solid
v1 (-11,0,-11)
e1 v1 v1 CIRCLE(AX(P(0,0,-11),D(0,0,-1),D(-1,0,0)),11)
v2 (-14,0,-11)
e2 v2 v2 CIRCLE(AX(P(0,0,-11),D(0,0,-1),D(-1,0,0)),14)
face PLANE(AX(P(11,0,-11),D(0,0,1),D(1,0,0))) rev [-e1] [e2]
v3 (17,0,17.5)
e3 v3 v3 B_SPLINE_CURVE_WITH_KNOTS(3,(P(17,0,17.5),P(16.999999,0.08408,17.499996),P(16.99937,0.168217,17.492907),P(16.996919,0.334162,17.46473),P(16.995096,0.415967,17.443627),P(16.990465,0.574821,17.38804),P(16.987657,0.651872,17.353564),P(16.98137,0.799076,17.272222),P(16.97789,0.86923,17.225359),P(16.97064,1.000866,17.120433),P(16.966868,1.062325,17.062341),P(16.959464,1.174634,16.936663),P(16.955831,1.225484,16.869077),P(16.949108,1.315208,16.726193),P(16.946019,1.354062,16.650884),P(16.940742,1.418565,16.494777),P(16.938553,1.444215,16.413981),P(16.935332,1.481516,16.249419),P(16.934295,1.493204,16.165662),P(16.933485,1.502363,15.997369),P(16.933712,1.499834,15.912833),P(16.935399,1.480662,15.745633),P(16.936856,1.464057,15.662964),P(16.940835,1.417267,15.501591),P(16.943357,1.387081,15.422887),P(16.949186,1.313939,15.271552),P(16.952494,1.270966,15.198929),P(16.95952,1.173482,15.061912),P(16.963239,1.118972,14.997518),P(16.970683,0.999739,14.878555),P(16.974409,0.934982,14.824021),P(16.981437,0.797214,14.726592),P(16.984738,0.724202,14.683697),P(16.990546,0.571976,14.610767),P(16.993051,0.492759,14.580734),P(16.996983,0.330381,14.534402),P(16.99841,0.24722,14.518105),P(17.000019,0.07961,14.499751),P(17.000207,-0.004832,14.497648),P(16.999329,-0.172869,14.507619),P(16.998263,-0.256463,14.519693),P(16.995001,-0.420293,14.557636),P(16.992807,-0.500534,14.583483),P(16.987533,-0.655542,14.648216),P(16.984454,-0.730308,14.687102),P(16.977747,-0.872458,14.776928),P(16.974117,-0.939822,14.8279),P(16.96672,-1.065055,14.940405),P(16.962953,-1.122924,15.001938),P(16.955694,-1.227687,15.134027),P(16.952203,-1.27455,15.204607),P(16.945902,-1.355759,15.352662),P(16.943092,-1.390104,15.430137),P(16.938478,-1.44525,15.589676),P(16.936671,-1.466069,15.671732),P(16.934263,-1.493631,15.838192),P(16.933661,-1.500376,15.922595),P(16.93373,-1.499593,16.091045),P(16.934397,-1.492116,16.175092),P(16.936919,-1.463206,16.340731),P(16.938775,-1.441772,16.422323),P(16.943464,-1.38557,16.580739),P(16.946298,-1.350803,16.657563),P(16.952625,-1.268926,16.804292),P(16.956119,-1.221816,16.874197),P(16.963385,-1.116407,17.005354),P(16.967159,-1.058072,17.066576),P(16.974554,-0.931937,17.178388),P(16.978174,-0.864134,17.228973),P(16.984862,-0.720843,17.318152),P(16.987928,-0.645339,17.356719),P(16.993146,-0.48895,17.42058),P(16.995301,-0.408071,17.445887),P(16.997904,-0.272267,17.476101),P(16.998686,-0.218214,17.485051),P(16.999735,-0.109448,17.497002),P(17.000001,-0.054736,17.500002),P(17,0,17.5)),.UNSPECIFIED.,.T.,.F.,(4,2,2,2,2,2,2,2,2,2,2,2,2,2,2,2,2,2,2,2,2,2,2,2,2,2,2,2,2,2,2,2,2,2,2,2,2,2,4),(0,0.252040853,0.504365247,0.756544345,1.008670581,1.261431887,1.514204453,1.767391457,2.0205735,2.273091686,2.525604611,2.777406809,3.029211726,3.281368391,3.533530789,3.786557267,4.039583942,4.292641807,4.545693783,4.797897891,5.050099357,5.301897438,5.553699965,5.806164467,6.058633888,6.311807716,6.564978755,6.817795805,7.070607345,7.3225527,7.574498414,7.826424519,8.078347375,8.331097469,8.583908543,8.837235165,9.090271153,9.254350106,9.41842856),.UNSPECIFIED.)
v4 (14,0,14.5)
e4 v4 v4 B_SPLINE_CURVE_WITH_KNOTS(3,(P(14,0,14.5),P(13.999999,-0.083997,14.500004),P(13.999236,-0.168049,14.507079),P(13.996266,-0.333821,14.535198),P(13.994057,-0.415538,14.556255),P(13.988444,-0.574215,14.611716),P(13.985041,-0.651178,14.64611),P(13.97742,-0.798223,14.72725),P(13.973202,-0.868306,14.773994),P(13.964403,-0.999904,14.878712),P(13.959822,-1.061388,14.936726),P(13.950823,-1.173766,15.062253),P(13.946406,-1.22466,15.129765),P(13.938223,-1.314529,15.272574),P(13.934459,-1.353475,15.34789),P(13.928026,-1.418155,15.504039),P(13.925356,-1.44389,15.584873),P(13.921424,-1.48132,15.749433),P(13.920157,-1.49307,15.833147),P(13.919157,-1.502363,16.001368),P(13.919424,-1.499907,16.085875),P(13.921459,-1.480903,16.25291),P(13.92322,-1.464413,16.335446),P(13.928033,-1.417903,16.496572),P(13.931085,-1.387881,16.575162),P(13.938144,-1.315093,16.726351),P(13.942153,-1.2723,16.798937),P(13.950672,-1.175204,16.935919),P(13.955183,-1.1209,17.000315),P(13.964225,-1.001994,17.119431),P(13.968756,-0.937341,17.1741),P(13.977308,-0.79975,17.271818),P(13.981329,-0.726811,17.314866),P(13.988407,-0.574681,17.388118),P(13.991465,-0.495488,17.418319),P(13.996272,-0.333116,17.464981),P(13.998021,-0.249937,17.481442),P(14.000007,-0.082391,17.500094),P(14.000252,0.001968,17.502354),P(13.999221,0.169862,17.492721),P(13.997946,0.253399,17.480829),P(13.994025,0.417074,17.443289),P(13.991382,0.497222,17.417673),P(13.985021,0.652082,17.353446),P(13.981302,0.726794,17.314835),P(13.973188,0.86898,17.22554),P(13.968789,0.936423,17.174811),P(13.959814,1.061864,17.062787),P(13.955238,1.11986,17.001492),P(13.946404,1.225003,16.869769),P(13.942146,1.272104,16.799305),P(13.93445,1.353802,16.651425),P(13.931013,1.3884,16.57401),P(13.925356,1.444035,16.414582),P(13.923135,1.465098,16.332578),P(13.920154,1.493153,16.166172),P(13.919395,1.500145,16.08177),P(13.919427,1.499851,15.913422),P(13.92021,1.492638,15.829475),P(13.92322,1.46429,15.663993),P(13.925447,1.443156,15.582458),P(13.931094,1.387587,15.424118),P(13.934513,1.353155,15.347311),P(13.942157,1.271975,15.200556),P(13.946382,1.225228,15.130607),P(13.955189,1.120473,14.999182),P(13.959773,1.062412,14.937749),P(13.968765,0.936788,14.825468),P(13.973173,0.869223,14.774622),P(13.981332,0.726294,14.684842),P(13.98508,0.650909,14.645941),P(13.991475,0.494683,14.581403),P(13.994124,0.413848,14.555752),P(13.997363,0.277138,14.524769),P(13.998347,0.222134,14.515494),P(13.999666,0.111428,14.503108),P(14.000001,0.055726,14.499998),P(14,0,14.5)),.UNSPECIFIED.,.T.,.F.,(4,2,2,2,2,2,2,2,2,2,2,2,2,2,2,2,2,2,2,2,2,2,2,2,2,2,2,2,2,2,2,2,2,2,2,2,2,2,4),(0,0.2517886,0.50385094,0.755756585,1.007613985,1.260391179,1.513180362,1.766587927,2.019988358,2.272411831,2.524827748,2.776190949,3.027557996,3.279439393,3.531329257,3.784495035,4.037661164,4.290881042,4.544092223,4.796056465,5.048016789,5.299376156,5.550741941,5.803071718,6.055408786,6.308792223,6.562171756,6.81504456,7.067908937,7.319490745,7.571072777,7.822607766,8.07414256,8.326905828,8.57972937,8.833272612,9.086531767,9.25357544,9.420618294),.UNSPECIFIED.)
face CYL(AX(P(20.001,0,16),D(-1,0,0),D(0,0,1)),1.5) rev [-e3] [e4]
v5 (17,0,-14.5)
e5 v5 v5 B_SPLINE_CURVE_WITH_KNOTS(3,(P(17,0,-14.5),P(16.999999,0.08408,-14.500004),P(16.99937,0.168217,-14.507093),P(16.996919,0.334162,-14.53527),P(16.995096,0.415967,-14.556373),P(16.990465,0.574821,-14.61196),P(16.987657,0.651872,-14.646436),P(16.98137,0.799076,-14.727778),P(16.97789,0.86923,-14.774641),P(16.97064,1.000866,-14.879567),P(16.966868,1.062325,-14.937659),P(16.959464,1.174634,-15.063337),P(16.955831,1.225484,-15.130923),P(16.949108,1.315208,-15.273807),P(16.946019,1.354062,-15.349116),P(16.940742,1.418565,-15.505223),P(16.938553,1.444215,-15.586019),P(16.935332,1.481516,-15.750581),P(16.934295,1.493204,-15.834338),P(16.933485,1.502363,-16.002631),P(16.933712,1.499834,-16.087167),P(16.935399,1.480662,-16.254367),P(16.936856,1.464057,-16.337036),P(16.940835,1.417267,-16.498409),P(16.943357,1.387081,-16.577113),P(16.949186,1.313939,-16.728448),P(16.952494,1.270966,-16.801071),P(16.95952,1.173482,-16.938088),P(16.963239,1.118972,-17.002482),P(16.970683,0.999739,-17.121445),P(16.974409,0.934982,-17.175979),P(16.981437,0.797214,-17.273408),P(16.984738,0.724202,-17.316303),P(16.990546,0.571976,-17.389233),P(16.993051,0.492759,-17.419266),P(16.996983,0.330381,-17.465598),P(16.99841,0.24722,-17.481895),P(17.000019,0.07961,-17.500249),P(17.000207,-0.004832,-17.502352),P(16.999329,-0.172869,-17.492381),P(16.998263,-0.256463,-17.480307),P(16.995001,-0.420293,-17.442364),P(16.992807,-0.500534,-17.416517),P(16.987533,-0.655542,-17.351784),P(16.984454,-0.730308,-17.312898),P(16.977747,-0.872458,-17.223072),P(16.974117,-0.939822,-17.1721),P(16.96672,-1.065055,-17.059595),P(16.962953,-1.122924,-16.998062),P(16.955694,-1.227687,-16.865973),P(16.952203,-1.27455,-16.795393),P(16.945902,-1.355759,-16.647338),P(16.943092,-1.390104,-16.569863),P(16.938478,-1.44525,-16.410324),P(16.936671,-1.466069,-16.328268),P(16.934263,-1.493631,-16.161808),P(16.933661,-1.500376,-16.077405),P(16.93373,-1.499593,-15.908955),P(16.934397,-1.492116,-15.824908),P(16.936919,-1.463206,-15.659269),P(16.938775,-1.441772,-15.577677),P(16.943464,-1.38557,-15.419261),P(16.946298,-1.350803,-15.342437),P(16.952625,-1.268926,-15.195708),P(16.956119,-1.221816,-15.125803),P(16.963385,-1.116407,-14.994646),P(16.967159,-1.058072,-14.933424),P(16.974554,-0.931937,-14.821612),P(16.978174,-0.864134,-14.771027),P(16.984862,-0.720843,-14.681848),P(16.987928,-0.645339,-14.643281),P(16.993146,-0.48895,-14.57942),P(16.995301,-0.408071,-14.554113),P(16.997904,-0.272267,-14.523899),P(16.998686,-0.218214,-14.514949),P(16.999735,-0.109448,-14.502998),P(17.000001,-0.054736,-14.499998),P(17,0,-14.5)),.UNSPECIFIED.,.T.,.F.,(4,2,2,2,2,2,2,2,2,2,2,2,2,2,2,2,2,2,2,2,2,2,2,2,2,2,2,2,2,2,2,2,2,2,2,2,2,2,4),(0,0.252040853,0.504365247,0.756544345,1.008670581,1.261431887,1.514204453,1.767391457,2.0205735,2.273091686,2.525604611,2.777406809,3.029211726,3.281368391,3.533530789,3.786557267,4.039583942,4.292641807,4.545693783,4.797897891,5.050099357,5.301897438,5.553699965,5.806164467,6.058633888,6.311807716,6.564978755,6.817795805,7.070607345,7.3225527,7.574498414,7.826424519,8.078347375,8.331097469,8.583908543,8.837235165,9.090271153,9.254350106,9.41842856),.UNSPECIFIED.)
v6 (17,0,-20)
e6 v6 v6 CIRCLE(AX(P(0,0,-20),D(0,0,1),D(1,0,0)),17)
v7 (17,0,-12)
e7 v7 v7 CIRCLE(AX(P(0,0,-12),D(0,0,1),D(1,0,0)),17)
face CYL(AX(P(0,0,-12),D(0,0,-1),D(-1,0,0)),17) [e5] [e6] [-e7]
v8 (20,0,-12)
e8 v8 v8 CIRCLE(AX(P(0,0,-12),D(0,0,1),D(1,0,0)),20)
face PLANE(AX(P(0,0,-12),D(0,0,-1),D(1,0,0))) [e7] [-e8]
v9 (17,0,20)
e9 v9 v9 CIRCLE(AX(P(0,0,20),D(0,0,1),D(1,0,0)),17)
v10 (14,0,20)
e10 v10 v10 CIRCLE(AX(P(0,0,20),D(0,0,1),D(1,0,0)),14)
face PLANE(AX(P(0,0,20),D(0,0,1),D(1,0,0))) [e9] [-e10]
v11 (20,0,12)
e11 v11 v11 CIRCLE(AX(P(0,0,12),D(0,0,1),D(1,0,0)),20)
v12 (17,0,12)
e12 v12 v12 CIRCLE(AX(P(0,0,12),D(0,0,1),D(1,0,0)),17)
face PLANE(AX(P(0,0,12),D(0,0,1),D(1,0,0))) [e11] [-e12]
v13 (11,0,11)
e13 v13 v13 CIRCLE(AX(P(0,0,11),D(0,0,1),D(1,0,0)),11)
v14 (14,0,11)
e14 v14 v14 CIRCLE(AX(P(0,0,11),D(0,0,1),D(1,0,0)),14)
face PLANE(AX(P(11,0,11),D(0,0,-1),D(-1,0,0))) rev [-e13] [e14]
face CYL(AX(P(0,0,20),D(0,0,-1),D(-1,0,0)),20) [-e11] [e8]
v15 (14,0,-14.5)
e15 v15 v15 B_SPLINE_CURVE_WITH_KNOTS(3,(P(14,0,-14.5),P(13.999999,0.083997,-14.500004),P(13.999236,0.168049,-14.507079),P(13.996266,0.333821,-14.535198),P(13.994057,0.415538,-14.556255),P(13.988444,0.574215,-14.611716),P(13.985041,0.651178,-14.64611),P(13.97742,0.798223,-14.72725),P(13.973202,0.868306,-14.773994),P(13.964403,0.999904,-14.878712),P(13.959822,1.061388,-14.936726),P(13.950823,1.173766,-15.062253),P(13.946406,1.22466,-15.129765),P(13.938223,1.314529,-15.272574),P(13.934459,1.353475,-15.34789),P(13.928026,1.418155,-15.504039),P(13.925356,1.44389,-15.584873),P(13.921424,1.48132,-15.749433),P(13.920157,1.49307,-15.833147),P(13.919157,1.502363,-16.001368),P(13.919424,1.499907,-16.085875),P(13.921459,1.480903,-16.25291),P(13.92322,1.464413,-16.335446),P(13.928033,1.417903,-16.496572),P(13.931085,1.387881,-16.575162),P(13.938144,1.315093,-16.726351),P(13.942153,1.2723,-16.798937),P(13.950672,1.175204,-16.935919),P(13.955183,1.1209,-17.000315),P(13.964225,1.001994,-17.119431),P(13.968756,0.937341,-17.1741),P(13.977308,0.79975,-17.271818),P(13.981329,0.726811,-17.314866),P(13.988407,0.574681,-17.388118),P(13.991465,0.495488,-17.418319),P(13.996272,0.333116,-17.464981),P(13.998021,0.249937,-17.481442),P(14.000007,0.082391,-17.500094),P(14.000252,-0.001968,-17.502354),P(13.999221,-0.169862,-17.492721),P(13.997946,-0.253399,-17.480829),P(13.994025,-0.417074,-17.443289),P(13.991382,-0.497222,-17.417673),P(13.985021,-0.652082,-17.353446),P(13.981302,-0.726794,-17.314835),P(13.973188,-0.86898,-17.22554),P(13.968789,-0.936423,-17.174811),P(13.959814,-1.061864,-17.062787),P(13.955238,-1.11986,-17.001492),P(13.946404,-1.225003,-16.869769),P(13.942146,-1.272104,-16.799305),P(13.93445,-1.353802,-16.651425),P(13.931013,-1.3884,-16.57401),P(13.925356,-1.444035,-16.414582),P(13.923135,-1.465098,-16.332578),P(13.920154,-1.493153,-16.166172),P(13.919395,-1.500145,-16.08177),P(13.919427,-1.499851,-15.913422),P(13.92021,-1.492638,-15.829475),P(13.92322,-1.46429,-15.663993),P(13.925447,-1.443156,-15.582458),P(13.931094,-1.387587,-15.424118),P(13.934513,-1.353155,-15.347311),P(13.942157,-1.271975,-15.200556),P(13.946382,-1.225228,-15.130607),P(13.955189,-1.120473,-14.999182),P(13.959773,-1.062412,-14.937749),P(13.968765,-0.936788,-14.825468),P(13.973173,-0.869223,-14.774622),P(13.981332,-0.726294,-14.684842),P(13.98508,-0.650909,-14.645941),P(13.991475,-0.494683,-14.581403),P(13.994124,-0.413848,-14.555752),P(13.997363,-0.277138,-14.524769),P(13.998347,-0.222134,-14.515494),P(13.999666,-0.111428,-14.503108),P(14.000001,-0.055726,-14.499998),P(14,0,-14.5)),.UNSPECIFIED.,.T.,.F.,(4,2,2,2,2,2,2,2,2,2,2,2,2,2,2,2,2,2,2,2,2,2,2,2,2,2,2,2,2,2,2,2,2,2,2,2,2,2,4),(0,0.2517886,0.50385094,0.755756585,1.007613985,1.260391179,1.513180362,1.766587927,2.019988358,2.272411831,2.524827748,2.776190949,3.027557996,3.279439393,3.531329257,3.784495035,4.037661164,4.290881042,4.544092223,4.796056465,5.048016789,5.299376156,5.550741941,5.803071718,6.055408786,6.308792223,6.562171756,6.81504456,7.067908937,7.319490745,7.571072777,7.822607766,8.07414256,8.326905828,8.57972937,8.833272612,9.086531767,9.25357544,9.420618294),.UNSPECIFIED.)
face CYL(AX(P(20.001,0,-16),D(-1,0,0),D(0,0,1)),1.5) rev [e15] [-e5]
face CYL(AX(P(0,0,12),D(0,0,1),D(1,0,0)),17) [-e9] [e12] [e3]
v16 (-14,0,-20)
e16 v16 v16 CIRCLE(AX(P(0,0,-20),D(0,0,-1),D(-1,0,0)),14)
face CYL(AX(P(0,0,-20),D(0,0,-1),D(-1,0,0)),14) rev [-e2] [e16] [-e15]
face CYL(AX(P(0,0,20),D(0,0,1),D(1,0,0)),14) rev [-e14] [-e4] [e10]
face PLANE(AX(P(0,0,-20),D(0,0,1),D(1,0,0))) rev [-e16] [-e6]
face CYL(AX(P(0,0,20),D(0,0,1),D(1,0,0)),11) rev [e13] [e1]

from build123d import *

# Parameters (mm, degrees)
SKETCH1_R               = 20
BOSS_EXTRUDE1_DEPTH     = 20
SKETCH4_R               = 20
SKETCH4_R_2             = 17
CUT_EXTRUDE1_DEPTH      = 8
CUT_EXTRUDE2_REACH      = 36.641
CUT_EXTRUDE2_END_RADIUS = 17
SKETCH5_R               = 1.5


with BuildPart() as part:
    # Sketch1 → Boss-Extrude1 (new, symmetric)
    with BuildSketch(Plane.XY):
        Circle(SKETCH1_R)
    extrude(amount=BOSS_EXTRUDE1_DEPTH, both=True)

    # Sketch3 → Hole1 (revolve, cut)
    with BuildSketch(Plane(origin=(0, 0, 20), x_dir=(0, -1, 0), z_dir=(1, 0, 0))):
        Polygon((0, 0), (0, 46.609466809), (11, 40), (11, 9), (14, 9), (14, 0), align=None)
    hole1 = revolve(axis=Axis((0, 0, 31.310875039), (0, 0, -1)), mode=Mode.SUBTRACT)

    # Sketch4 → Cut-Extrude1 (cut)
    with BuildSketch(Plane.XY.offset(20)):
        Circle(SKETCH4_R)
        Circle(SKETCH4_R_2, mode=Mode.SUBTRACT)
    cut_extrude1 = extrude(amount=-CUT_EXTRUDE1_DEPTH, mode=Mode.SUBTRACT)

    # Mirror2: Hole1, Cut-Extrude1 across plane
    add(hole1.mirror(Plane.XY), mode=Mode.SUBTRACT)
    add(cut_extrude1.mirror(Plane.XY), mode=Mode.SUBTRACT)

    # Cut-Extrude2: up to this cylinder (the profile starts inside it)
    cut_extrude2_end = Plane(origin=(0, 0, 0), z_dir=(0, 0, 1)) * Cylinder(CUT_EXTRUDE2_END_RADIUS, 140.282, mode=Mode.PRIVATE)
    # Sketch5 → Cut-Extrude2 (cut, up to the surface)
    with BuildSketch(Plane(origin=(0, 0, 0), x_dir=(0, 0, -1), z_dir=(1, 0, 0)), mode=Mode.PRIVATE) as cut_extrude2_sk1:
        with Locations(Location((-16, 0, 0), (0, 0, 180))):
            Circle(SKETCH5_R)
    cut_extrude2_tool1 = extrude(cut_extrude2_sk1.sketch, amount=CUT_EXTRUDE2_REACH, mode=Mode.PRIVATE) & cut_extrude2_end
    add(cut_extrude2_tool1.solids().sort_by_distance((0, 0, 16))[0], mode=Mode.SUBTRACT)
    # Sketch5 → Cut-Extrude2 (cut, up to the surface)
    with BuildSketch(Plane(origin=(0, 0, 0), x_dir=(0, 0, -1), z_dir=(1, 0, 0)), mode=Mode.PRIVATE) as cut_extrude2_sk2:
        with Locations(Location((16, 0, 0), (0, 0, 180))):
            Circle(SKETCH5_R)
    cut_extrude2_tool2 = extrude(cut_extrude2_sk2.sketch, amount=CUT_EXTRUDE2_REACH, mode=Mode.PRIVATE) & cut_extrude2_end
    add(cut_extrude2_tool2.solids().sort_by_distance((0, 0, -16))[0], mode=Mode.SUBTRACT)


solid = part.part
